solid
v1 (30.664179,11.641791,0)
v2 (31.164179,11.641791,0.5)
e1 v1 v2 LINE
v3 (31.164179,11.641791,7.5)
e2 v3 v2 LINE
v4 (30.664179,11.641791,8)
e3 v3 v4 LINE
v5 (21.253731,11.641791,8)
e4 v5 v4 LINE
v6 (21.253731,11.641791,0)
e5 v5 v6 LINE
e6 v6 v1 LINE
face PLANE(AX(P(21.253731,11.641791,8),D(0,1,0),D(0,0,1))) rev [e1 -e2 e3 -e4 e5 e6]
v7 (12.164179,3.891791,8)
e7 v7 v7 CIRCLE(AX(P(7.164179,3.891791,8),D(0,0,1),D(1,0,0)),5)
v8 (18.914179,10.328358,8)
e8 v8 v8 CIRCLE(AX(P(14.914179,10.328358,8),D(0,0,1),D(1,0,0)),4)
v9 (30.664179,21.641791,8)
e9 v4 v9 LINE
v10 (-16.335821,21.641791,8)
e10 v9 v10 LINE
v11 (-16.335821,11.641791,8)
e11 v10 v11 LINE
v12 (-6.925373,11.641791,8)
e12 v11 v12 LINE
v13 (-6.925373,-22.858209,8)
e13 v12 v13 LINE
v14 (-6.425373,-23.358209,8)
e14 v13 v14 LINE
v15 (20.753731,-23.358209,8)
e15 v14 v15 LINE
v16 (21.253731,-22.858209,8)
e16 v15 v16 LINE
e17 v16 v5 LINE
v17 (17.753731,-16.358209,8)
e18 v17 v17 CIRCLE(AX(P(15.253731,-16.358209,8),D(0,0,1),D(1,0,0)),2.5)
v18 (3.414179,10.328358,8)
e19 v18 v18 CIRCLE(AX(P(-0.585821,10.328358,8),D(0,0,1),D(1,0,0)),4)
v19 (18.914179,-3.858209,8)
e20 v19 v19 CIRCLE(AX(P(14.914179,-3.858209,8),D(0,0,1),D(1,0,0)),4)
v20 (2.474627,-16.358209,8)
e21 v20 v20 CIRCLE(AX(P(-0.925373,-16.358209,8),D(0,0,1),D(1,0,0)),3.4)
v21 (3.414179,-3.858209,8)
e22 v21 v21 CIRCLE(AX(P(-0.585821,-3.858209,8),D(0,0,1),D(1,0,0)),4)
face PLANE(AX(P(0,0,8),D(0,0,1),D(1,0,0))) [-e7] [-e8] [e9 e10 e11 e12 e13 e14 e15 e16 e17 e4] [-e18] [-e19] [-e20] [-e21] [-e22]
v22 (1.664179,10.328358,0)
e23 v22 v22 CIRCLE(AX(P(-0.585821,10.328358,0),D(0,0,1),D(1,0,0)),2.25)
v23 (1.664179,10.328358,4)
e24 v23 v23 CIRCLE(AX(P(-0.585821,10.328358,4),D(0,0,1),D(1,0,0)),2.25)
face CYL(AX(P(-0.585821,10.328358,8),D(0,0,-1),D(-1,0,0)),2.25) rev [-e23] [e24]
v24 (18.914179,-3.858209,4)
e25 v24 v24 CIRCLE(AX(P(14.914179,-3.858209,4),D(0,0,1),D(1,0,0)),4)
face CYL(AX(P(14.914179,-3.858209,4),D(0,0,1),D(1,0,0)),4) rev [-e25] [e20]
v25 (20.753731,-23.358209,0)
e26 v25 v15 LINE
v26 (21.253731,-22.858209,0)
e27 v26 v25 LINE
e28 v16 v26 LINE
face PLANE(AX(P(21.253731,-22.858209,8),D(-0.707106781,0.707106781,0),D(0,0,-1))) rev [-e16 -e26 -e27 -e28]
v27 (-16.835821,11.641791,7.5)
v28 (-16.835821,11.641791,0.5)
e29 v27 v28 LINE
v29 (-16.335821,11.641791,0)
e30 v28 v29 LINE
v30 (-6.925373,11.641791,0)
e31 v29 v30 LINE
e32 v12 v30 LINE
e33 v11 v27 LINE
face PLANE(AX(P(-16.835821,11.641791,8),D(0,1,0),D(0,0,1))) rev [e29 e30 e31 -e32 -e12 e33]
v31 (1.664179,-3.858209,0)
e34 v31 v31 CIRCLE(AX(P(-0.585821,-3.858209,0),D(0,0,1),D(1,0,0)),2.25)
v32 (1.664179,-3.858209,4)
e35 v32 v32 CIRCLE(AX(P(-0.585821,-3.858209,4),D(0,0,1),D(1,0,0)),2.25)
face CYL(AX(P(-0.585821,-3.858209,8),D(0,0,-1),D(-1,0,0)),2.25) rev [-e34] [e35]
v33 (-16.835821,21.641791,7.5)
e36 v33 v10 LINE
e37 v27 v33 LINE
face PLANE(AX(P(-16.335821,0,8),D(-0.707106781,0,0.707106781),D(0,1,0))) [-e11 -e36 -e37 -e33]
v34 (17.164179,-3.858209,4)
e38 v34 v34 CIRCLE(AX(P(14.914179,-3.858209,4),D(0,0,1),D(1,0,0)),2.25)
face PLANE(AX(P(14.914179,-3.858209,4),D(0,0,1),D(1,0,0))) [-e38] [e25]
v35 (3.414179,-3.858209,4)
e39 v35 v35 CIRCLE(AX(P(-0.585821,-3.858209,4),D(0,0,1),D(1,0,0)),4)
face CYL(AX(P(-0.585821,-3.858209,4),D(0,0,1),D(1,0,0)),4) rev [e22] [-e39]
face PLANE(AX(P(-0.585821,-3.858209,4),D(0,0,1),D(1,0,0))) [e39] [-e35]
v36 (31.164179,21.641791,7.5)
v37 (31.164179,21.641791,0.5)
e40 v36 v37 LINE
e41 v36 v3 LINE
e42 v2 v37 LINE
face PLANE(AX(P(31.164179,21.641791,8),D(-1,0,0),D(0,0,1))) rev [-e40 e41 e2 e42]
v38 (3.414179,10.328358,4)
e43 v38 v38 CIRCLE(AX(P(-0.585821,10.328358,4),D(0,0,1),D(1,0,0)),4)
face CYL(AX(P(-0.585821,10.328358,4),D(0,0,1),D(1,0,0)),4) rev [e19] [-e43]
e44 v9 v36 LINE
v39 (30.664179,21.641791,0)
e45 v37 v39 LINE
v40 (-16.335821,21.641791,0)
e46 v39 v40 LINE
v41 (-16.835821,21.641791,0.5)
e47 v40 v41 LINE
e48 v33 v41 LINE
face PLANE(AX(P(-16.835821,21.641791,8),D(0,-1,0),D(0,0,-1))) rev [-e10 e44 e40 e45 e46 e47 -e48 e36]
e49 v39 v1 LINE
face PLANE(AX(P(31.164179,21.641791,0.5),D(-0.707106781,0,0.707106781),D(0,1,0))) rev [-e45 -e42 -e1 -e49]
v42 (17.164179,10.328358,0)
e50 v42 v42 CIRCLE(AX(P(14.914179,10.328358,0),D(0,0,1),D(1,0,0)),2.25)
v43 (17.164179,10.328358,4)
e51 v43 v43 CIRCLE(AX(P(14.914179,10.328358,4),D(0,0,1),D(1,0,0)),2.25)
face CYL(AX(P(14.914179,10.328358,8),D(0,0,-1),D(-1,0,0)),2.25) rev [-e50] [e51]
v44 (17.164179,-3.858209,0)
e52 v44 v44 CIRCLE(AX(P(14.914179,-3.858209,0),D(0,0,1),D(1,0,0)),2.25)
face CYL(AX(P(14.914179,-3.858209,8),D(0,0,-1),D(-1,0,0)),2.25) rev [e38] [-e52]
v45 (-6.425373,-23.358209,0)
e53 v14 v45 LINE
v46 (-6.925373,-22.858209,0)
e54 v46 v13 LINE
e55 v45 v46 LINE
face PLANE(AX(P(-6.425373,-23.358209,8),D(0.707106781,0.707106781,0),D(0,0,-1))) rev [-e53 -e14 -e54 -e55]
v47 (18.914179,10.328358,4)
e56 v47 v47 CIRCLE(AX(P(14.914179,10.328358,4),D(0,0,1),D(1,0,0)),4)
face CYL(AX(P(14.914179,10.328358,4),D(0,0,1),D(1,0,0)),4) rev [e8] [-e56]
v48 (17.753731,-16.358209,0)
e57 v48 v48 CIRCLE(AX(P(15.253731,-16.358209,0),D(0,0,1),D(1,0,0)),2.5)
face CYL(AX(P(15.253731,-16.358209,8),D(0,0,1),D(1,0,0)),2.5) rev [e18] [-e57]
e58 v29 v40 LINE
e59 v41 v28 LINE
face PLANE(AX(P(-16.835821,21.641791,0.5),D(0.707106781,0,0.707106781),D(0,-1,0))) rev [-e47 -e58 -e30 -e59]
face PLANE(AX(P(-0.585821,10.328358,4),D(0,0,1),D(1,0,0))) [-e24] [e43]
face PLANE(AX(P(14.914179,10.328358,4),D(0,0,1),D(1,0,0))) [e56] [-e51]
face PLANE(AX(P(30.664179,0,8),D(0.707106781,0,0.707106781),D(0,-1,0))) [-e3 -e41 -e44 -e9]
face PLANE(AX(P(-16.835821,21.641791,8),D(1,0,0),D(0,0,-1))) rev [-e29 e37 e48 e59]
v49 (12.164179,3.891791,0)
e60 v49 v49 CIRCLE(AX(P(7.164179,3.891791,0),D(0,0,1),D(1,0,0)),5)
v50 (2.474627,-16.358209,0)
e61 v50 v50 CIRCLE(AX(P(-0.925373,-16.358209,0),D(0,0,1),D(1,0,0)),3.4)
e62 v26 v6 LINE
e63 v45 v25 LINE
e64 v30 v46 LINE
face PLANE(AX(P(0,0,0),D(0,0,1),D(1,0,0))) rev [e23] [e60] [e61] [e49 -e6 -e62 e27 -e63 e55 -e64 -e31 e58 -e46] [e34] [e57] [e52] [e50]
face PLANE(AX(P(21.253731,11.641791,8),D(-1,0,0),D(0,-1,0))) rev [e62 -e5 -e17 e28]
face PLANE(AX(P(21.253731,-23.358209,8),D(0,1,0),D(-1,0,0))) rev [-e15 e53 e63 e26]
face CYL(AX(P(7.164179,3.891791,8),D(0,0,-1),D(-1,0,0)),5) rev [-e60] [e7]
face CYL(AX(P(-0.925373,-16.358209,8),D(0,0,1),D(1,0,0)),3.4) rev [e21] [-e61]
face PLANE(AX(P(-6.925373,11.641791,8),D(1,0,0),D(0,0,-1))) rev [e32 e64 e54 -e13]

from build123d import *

# Parameters (mm, degrees)
SKETCH1_R             = 5
SKETCH1_R_2           = 2.25
BOSS_EXTRUDE1_DEPTH   = 8
SKETCH2_R             = 4
CUT_EXTRUDE1_DEPTH    = 4
M6_TAPPED_HOLE1_D     = 5
M6_TAPPED_HOLE1_DEPTH = 15
M6_TAPPED_HOLE1_TIP   = 1.502151548
M8_TAPPED_HOLE1_D     = 6.8
M8_TAPPED_HOLE1_DEPTH = 19.75
M8_TAPPED_HOLE1_TIP   = 2.042926105
CHAMFER1_SIZE         = 0.5
CHAMFER2_SIZE         = 0.5


with BuildPart() as part:
    # Sketch1 → Boss-Extrude1 (new body)
    with BuildSketch(Plane.XY):
        Polygon((21.253731343, 11.641791045), (31.164179104, 11.641791045), (31.164179104, 21.641791045), (-16.835820896, 21.641791045), (-16.835820896, 11.641791045), (-6.925373134, 11.641791045), (-6.925373134, -23.358208955), (21.253731343, -23.358208955), align=None)
        with Locations((7.164179104, 3.891791045)):
            Circle(SKETCH1_R, mode=Mode.SUBTRACT)
        with Locations((-0.585820896, -3.858208955)):
            Circle(SKETCH1_R_2, mode=Mode.SUBTRACT)
        with Locations((14.914179104, -3.858208955)):
            Circle(SKETCH1_R_2, mode=Mode.SUBTRACT)
        with Locations((14.914179104, 10.328358209)):
            Circle(SKETCH1_R_2, mode=Mode.SUBTRACT)
        with Locations((-0.585820896, 10.328358209)):
            Circle(SKETCH1_R_2, mode=Mode.SUBTRACT)
    extrude(amount=BOSS_EXTRUDE1_DEPTH)

    # Sketch2 → Cut-Extrude1 (cut)
    with BuildSketch(Plane.XY.offset(8)):
        with Locations((-0.585820896, 10.328358209)):
            Circle(SKETCH2_R)
        with Locations((14.914179104, 10.328358209)):
            Circle(SKETCH2_R)
        with Locations((14.914179104, -3.858208955)):
            Circle(SKETCH2_R)
        with Locations((-0.585820896, -3.858208955)):
            Circle(SKETCH2_R)
    extrude(amount=-CUT_EXTRUDE1_DEPTH, mode=Mode.SUBTRACT)

    # M6 Tapped Hole1
    with Locations(Plane.XY.offset(8)):
        with Locations((15.253731343, -16.358208955)):
            Hole(M6_TAPPED_HOLE1_D / 2, depth=M6_TAPPED_HOLE1_DEPTH)
            with Locations((0, 0, -(M6_TAPPED_HOLE1_DEPTH + M6_TAPPED_HOLE1_TIP / 2))):  # 118° drill point
                Cone(0, M6_TAPPED_HOLE1_D / 2, M6_TAPPED_HOLE1_TIP, mode=Mode.SUBTRACT)

    # M8 Tapped Hole1
    with Locations(Plane.XY.offset(8)):
        with Locations((-0.925373134, -16.358208955)):
            Hole(M8_TAPPED_HOLE1_D / 2, depth=M8_TAPPED_HOLE1_DEPTH)
            with Locations((0, 0, -(M8_TAPPED_HOLE1_DEPTH + M8_TAPPED_HOLE1_TIP / 2))):  # 118° drill point
                Cone(0, M8_TAPPED_HOLE1_D / 2, M8_TAPPED_HOLE1_TIP, mode=Mode.SUBTRACT)

    # Chamfer1
    chamfer1_edges = [part.edges().sort_by_distance(p)[0] for p in [
        (-16.835820896, 16.641791045, 0),
        (31.164179104, 16.641791045, 8),
        (-16.835820896, 16.641791045, 8),
        (31.164179104, 16.641791045, 0),
    ]]
    chamfer(chamfer1_edges, length=CHAMFER1_SIZE)

    # Chamfer2
    chamfer2_edges = [part.edges().sort_by_distance(p)[0] for p in [
        (21.253731343, -23.358208955, 4),
        (-6.925373134, -23.358208955, 4),
    ]]
    chamfer(chamfer2_edges, length=CHAMFER2_SIZE)


solid = part.part
